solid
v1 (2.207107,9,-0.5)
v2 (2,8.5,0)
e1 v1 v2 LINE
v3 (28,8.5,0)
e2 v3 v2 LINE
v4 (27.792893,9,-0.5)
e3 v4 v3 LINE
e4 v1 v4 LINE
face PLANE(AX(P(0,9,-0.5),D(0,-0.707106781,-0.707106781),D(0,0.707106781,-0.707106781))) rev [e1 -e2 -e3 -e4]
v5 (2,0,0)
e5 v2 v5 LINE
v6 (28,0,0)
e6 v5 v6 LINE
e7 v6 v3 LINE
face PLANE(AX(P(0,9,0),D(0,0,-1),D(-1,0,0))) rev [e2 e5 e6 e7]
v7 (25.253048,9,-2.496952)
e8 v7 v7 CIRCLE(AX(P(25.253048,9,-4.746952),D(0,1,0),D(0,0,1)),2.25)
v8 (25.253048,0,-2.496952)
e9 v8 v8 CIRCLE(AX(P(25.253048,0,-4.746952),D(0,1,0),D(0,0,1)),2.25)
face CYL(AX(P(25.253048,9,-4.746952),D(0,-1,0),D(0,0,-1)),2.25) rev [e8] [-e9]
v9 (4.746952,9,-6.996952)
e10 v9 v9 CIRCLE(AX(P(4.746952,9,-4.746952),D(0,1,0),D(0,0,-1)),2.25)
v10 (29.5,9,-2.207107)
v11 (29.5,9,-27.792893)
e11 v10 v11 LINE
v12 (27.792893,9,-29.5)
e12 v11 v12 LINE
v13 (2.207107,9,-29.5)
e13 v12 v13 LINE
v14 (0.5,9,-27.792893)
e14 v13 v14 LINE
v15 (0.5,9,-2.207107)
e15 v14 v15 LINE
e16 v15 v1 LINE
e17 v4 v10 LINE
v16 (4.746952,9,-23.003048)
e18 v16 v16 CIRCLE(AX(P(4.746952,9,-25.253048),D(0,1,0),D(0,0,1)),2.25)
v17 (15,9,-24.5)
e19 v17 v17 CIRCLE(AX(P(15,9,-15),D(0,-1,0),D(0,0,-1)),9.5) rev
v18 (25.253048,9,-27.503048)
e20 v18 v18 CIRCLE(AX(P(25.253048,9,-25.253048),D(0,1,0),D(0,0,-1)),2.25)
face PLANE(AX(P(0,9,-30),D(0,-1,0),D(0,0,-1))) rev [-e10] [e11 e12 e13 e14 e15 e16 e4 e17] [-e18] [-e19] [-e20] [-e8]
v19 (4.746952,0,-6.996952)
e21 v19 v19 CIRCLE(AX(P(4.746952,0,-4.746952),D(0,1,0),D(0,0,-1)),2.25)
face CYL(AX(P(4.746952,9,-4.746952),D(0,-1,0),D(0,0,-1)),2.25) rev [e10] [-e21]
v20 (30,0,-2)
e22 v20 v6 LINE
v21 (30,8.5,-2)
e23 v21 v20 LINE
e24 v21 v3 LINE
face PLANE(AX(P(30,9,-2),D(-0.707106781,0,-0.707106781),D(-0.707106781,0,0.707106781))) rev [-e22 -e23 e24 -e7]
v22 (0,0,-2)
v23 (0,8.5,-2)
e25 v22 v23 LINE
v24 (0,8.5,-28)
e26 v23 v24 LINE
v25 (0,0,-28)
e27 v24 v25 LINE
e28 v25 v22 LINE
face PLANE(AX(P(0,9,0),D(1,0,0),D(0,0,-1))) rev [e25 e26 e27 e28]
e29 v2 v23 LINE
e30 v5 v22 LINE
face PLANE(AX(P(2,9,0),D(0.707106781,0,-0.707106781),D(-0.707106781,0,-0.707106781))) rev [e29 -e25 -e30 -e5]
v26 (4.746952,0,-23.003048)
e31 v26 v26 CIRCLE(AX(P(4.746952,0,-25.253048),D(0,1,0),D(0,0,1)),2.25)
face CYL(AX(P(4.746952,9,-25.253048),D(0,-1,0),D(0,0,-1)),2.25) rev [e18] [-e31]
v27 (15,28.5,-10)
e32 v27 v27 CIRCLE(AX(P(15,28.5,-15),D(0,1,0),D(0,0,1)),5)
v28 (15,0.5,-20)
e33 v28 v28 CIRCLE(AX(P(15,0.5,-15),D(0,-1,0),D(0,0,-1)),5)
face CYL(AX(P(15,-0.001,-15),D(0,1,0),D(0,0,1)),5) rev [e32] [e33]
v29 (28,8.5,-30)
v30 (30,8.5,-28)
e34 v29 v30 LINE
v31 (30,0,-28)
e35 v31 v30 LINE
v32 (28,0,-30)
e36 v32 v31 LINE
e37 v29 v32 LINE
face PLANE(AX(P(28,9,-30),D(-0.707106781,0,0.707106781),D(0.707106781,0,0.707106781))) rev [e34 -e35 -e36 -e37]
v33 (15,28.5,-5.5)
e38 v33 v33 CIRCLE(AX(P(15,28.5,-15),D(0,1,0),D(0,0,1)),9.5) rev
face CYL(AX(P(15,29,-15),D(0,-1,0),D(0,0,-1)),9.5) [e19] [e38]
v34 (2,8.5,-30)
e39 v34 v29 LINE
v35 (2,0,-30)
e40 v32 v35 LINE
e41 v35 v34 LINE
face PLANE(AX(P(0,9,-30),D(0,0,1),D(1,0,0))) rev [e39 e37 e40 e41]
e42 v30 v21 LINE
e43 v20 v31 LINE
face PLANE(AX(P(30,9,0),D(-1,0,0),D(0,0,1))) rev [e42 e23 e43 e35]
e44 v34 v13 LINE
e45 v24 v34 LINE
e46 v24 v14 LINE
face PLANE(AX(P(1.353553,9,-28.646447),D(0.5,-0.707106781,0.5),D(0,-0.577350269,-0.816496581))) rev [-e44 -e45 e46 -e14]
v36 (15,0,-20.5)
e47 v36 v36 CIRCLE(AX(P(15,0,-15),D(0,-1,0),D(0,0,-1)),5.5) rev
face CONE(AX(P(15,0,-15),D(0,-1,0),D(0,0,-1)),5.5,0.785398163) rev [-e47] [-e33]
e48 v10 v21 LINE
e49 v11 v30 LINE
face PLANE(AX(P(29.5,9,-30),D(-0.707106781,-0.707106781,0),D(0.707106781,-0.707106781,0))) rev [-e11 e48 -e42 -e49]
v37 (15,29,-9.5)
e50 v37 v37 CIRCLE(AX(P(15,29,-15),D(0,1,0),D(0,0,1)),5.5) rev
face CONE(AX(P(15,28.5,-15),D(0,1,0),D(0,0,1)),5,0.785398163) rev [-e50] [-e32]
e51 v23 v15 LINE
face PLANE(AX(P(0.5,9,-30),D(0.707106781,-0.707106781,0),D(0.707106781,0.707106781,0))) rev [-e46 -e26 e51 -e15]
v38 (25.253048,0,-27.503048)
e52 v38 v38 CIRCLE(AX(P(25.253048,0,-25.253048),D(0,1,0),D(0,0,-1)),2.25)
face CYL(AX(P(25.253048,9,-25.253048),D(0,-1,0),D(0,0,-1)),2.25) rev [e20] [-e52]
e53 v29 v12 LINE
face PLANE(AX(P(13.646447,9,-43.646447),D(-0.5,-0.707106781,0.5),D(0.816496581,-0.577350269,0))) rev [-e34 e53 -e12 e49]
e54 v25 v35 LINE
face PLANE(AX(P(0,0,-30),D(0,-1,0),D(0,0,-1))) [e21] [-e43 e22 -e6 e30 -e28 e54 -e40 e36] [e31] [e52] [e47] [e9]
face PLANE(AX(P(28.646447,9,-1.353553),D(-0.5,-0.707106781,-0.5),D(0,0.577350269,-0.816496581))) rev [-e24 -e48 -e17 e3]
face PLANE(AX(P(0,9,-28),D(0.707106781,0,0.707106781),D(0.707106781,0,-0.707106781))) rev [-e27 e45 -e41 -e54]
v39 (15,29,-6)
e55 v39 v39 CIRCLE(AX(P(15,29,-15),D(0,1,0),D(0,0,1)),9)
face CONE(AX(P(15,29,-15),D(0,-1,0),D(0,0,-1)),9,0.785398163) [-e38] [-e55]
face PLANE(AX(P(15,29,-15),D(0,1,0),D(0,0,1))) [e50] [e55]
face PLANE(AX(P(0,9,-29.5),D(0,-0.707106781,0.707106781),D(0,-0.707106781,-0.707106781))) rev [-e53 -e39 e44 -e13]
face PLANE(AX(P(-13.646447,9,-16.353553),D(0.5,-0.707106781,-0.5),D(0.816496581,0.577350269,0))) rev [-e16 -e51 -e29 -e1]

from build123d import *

# Parameters (mm, degrees)
ESQUISSE1_W      = 30
ESQUISSE1_H      = 30
ESQUISSE1_R      = 2.25
EXTRUSION1_DEPTH = 9
ESQUISSE2_R      = 9.5
EXTRUSION2_DEPTH = 20
CHANFREIN1_SIZE  = 2
EXTRUSION3_REACH = 31
ESQUISSE3_R      = 5
CHANFREIN2_SIZE  = 0.5


with BuildPart() as part:
    # Esquisse1 → Extrusion1 (new body)
    with BuildSketch(Plane(origin=(0, 0, 0), x_dir=(1, 0, 0), z_dir=(0, 1, 0))):
        with Locations((15, 15)):
            Rectangle(ESQUISSE1_W, ESQUISSE1_H)
        with Locations((4.746951673, 25.253048327)):
            Circle(ESQUISSE1_R, mode=Mode.SUBTRACT)
        with Locations((25.253048327, 25.253048327)):
            Circle(ESQUISSE1_R, mode=Mode.SUBTRACT)
        with Locations((25.253048327, 4.746951673)):
            Circle(ESQUISSE1_R, mode=Mode.SUBTRACT)
        with Locations((4.746951673, 4.746951673)):
            Circle(ESQUISSE1_R, mode=Mode.SUBTRACT)
    extrude(amount=EXTRUSION1_DEPTH)

    # Esquisse2 → Extrusion2 (add)
    with BuildSketch(Plane(origin=(0, 9, 0), x_dir=(1, 0, 0), z_dir=(0, 1, 0))):
        with Locations((15, 15)):
            Circle(ESQUISSE2_R)
    extrude(amount=EXTRUSION2_DEPTH)

    # Chanfrein1
    chanfrein1_edges = [part.edges().sort_by_distance(p)[0] for p in [
        (0, 4.5, -30),
        (30, 4.5, -30),
        (30, 4.5, 0),
        (0, 4.5, 0),
    ]]
    chamfer(chanfrein1_edges, length=CHANFREIN1_SIZE)

    # Esquisse3 → Extrusion3 (cut, up to next)
    with BuildSketch(Plane(origin=(0, 29, 0), x_dir=(1, 0, 0), z_dir=(0, 1, 0)), mode=Mode.PRIVATE) as extrusion3_sk1:
        with Locations((15, 15)):
            Circle(ESQUISSE3_R)
    extrusion3_tool1 = extrude(extrusion3_sk1.sketch, amount=-EXTRUSION3_REACH, mode=Mode.PRIVATE) & part.part
    add(extrusion3_tool1.solids().sort_by_distance((15, 29, -15))[0], mode=Mode.SUBTRACT)

    # Chanfrein2
    chanfrein2_edges = [part.edges().sort_by_distance(p)[0] for p in [
        (5.5, 29, -15),
        (0, 9, -15),
        (15, 9, -30),
        (15, 9, 0),
        (30, 9, -15),
        (1, 9, -1),
        (29, 9, -1),
        (29, 9, -29),
        (1, 9, -29),
        (10, 0, -15),
        (10, 29, -15),
    ]]
    chamfer(chanfrein2_edges, length=CHANFREIN2_SIZE)


solid = part.part
